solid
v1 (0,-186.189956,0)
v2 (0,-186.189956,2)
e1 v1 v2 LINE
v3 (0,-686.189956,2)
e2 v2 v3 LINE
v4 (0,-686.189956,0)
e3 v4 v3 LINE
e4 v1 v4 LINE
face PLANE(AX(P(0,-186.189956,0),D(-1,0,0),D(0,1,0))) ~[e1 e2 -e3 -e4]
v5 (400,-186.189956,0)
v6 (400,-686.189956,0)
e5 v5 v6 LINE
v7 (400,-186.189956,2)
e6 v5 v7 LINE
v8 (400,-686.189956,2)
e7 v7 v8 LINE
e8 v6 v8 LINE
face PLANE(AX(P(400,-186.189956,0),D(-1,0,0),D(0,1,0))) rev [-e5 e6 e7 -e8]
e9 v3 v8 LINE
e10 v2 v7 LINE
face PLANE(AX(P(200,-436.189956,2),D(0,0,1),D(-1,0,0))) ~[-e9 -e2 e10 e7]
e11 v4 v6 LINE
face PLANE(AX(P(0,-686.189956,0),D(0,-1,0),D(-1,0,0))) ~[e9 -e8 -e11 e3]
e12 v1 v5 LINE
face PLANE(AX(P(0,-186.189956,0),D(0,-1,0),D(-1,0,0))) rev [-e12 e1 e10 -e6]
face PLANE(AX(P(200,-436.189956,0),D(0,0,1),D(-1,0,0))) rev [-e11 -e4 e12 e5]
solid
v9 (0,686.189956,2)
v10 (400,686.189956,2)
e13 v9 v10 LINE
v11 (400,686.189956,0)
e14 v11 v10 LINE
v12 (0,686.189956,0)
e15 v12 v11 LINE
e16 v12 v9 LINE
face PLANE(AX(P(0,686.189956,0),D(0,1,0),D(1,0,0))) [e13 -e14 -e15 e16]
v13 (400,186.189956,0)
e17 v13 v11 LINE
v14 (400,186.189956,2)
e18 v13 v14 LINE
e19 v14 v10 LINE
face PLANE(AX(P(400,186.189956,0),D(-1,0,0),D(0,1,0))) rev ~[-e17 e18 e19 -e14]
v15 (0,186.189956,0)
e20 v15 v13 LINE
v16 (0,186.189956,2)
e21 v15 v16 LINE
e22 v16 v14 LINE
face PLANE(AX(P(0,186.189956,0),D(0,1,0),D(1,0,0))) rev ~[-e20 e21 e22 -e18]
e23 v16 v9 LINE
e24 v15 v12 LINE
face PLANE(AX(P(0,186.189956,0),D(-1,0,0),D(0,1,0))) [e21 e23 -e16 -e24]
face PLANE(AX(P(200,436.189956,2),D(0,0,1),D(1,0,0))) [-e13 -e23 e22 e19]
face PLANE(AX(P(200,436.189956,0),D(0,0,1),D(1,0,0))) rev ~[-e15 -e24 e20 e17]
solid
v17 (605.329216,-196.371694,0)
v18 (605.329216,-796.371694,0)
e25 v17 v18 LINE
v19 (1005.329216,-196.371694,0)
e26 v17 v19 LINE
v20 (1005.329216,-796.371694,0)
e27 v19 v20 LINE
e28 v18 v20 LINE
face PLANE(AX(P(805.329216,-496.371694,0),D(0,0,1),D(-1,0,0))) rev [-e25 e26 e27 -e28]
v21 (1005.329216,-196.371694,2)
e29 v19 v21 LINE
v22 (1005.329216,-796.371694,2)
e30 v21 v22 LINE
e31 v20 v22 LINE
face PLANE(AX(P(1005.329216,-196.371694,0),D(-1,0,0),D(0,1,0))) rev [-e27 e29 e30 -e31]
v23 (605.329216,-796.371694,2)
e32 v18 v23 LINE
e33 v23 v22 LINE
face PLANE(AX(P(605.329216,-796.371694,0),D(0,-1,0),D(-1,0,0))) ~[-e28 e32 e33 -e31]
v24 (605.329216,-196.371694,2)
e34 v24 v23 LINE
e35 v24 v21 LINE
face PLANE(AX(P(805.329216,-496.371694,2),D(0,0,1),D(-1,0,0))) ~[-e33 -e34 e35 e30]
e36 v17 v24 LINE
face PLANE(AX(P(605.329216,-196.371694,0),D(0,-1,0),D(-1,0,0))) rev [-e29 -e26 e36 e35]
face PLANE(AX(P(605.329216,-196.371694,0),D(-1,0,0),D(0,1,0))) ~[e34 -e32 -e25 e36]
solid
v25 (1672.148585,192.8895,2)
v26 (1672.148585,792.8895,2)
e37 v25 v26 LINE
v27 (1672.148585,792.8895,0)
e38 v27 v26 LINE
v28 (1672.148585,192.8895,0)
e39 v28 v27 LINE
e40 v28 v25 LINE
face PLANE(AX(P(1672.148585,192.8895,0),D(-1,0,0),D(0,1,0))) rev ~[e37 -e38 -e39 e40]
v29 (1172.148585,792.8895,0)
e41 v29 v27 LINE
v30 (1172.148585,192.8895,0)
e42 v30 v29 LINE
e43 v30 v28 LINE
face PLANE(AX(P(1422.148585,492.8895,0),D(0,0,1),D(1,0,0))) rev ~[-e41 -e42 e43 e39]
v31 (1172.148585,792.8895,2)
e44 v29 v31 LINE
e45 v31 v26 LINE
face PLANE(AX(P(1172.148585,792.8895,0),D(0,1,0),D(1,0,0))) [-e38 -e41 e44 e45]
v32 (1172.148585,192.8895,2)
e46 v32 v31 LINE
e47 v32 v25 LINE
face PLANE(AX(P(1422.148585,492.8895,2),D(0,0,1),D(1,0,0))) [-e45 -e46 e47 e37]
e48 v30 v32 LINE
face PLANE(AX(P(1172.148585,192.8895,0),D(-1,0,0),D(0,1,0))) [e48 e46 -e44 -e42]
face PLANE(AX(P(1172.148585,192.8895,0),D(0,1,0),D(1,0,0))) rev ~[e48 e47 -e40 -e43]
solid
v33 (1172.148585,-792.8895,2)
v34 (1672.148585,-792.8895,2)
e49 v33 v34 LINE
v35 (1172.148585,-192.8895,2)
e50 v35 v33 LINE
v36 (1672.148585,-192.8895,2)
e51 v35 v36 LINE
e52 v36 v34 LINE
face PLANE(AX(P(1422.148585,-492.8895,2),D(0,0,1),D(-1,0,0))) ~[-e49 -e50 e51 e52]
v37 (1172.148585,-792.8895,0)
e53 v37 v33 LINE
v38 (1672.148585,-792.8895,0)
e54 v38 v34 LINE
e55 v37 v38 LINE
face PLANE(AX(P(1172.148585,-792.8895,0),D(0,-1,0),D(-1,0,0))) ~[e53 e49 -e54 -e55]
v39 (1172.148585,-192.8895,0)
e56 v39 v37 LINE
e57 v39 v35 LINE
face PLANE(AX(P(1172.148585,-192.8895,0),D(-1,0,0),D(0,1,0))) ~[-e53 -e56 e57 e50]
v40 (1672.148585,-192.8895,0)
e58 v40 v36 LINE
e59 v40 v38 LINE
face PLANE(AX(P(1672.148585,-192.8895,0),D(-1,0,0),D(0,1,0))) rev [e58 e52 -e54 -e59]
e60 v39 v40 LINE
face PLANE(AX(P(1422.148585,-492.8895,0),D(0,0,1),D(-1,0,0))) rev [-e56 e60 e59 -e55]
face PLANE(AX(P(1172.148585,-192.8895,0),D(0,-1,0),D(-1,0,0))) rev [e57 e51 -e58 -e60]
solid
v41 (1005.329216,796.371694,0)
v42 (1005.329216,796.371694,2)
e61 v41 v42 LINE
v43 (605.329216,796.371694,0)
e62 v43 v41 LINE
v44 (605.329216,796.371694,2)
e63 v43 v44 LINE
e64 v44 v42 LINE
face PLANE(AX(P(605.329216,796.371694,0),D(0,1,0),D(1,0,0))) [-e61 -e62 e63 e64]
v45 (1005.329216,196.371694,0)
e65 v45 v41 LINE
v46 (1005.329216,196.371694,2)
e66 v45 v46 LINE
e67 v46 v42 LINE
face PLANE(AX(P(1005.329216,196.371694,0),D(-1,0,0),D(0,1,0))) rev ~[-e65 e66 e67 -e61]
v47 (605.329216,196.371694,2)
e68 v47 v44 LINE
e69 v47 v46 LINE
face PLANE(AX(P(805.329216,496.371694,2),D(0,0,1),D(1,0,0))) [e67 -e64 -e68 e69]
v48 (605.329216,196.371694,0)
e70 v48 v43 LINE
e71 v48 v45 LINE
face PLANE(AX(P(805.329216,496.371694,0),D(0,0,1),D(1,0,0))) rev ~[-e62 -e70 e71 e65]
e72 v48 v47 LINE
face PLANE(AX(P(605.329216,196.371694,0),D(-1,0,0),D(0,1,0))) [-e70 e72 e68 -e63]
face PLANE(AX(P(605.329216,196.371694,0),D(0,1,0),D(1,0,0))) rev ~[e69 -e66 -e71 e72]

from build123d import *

# Parameters (mm, degrees)
F0_W     = 400
F0_H     = 500
F0_H_2   = 600
F0_W_2   = 500
F1_DEPTH = 2


with BuildPart() as f1:
    # F0 (on Top) → F1 (new body)
    with BuildSketch(Plane.XY):
        with Locations((200, 436.189956)):
            Rectangle(F0_W, F0_H)
        with Locations((805.329216, 496.371694)):
            Rectangle(F0_W, F0_H_2)
        with Locations((1422.148585, 492.8895)):
            Rectangle(F0_W_2, F0_H_2)
    extrude(amount=F1_DEPTH)


with BuildPart() as f2_1:
    # F2: instance of F1
    add(f1.part.mirror(Plane.XZ))


solid = Compound([f1.part, f2_1.part])
